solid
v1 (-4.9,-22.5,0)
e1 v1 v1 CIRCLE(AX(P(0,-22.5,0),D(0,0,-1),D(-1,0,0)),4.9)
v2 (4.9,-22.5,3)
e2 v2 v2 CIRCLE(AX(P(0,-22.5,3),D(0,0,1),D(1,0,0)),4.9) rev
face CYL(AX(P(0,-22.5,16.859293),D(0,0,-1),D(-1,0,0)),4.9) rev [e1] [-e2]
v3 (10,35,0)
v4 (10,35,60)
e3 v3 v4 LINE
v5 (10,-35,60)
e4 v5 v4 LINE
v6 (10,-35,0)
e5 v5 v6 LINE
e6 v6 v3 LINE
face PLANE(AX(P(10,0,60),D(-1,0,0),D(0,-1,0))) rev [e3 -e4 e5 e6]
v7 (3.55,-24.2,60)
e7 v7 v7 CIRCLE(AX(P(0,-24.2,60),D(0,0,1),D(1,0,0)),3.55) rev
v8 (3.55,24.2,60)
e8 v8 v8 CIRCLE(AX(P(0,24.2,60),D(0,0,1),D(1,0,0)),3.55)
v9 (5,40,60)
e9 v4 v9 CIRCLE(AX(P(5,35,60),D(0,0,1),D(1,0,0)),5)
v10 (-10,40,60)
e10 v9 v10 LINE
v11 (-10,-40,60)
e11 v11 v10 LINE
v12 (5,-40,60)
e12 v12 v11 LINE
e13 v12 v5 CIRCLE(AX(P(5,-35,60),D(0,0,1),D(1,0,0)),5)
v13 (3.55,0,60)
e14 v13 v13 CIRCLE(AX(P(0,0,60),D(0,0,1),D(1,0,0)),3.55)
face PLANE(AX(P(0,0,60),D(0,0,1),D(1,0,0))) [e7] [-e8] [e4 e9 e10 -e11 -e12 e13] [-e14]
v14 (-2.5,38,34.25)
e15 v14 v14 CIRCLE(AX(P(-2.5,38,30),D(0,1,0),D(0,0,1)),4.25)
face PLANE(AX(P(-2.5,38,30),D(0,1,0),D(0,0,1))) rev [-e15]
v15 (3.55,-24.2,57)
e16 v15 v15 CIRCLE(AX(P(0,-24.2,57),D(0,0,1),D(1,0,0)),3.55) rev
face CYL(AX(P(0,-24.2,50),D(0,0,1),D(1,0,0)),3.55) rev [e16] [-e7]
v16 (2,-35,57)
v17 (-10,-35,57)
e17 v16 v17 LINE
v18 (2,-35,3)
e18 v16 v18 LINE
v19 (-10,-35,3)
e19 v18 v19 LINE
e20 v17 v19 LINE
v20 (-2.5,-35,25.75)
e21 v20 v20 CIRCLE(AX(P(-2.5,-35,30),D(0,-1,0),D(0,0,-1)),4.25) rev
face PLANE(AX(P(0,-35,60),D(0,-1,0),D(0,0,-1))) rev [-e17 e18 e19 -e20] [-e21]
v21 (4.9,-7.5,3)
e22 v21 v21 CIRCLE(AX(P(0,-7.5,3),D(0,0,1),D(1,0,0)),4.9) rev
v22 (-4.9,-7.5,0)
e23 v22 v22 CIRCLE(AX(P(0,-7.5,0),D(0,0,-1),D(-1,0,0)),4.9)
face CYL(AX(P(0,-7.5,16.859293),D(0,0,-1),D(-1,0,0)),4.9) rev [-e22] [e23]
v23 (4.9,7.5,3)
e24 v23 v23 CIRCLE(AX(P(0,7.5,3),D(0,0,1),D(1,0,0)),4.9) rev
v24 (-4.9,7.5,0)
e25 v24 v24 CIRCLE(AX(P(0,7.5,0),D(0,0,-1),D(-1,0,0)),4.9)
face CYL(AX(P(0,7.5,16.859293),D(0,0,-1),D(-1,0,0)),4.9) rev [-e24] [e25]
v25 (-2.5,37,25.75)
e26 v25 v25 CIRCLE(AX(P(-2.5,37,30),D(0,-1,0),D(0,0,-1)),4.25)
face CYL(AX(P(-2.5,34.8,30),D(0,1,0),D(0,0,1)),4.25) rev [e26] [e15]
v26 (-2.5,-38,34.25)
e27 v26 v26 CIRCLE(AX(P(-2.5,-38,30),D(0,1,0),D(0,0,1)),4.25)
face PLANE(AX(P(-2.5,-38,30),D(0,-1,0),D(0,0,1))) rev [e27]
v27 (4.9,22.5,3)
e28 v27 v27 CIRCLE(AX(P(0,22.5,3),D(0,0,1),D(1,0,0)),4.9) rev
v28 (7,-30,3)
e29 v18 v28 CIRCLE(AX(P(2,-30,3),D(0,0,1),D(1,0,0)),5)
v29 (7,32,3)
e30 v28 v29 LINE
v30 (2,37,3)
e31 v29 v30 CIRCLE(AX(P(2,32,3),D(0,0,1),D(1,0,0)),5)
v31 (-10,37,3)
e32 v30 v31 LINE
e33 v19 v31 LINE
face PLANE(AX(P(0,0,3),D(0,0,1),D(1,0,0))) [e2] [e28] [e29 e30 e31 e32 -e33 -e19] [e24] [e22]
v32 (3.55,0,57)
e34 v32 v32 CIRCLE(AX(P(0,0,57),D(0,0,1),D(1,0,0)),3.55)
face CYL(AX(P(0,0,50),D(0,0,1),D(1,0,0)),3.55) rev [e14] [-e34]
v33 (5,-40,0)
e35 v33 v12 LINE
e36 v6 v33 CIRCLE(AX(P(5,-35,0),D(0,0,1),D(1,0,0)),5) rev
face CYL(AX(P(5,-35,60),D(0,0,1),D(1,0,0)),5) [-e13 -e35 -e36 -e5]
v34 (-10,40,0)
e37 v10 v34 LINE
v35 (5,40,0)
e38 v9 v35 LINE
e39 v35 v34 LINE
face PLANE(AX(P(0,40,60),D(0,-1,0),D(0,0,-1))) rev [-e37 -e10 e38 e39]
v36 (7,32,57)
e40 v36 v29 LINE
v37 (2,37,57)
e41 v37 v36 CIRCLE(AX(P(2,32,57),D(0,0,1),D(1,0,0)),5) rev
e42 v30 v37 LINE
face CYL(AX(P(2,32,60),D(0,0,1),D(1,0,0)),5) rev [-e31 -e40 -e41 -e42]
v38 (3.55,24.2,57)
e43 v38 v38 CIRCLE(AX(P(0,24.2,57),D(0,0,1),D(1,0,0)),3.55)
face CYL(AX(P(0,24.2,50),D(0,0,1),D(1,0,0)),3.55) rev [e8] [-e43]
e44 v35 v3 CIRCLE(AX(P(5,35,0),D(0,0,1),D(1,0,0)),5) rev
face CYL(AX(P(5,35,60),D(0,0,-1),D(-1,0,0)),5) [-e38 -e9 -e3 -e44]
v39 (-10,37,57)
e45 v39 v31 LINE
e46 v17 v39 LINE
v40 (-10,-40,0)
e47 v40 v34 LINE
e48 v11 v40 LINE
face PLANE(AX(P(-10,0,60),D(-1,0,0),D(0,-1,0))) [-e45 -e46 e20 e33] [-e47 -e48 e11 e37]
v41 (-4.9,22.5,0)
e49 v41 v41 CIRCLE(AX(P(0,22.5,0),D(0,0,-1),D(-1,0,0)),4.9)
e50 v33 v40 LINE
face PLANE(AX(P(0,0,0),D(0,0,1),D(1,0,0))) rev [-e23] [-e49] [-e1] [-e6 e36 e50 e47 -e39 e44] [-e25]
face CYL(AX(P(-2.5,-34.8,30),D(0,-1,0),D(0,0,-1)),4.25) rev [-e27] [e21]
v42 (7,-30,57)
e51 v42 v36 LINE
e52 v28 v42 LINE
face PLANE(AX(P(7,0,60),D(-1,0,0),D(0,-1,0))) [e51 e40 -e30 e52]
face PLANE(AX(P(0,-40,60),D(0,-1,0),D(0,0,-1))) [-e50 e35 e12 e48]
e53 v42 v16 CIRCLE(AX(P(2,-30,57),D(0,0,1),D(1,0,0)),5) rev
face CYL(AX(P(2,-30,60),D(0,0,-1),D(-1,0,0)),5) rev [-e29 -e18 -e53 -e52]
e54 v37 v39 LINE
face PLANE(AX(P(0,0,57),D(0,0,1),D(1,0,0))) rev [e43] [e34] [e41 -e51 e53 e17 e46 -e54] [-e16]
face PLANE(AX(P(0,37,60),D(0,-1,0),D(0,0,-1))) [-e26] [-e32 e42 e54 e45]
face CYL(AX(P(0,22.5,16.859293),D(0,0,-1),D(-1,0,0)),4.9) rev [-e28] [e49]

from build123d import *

# Parameters (mm, degrees)
SKETCH1_W                                   = 80
SKETCH1_H                                   = 20
BOSS_EXTRUDE1_DEPTH                         = 60
F_2_MM_TOP_BOT_3_MM_SIDE_T                  = -3
F_2_MM_TOP_BOT_3_MM_SIDE_THICKNESS_3_FACE_W = 54
F_2_MM_TOP_BOT_3_MM_SIDE_THICKNESS_3_FACE_H = 17
F_2_MM_TOP_BOT_3_MM_SIDE_THICKNESS_3_DEPTH  = 2
CUT_EXTRUDE1_DEPTH                          = 3
SKETCH4_R                                   = 3.55
CUT_EXTRUDE3_DEPTH                          = 10
F_5_MM_RADIUS_R                             = 5
F_8_5_START                                 = -2
SKETCH7_R                                   = 4.25
F_8_5_MM_HOLD_OFFSET_2_MM_DEPTH             = 3.2


with BuildPart() as part:
    # Sketch1 → Boss-Extrude1 (new body)
    with BuildSketch(Plane(origin=(0, 0, 0), x_dir=(0, 1, 0), z_dir=(0, 0, 1))):
        Rectangle(SKETCH1_W, SKETCH1_H)
    extrude(amount=BOSS_EXTRUDE1_DEPTH)

    # 2 mm top/bot 3 mm side
    f_2_mm_top_bot_3_mm_side_openings = [part.faces().sort_by_distance(p)[0] for p in [
        (-10, 0, 30),
    ]]
    offset(amount=F_2_MM_TOP_BOT_3_MM_SIDE_T, openings=f_2_mm_top_bot_3_mm_side_openings, kind=Kind.INTERSECTION)

    # 2 mm top/bot 3 mm side thickness 3 face (on inner face of the shell) → 2 mm top/bot 3 mm side thickness 3 (add)
    with BuildSketch(Plane(origin=(-1.5, -37, 30), x_dir=(0, 0, -1), z_dir=(0, -1, 0))):
        Rectangle(F_2_MM_TOP_BOT_3_MM_SIDE_THICKNESS_3_FACE_W, F_2_MM_TOP_BOT_3_MM_SIDE_THICKNESS_3_FACE_H)
    extrude(amount=-F_2_MM_TOP_BOT_3_MM_SIDE_THICKNESS_3_DEPTH)

    # Sketch3 → Cut-Extrude1 (cut)
    with BuildSketch(Plane(origin=(0, 0, 0), x_dir=(1, 0, 0), z_dir=(0, 0, -1))):
        with BuildLine():
            ThreePointArc((4.9, 22.5), (3.464823228, 25.964823228), (0, 27.4))
            Line((0, 27.4), (0, 17.6))
            ThreePointArc((0, 17.6), (3.464823228, 19.035176772), (4.9, 22.5))
        make_face()
        with BuildLine():
            Line((0, 17.6), (0, 27.4))
            ThreePointArc((0, 27.4), (-4.9, 22.5), (0, 17.6))
        make_face()
        with BuildLine():
            ThreePointArc((4.9, 7.5), (3.464823228, 10.964823228), (0, 12.4))
            Line((0, 12.4), (0, 2.6))
            ThreePointArc((0, 2.6), (3.464823228, 4.035176772), (4.9, 7.5))
        make_face()
        with BuildLine():
            Line((0, 2.6), (0, 12.4))
            ThreePointArc((0, 12.4), (-4.9, 7.5), (0, 2.6))
        make_face()
        with BuildLine():
            ThreePointArc((4.9, -7.5), (3.464823228, -4.035176772), (0, -2.6))
            Line((0, -2.6), (0, -12.4))
            ThreePointArc((0, -12.4), (3.464823228, -10.964823228), (4.9, -7.5))
        make_face()
        with BuildLine():
            Line((0, -12.4), (0, -2.6))
            ThreePointArc((0, -2.6), (-4.9, -7.5), (0, -12.4))
        make_face()
        with BuildLine():
            ThreePointArc((4.9, -22.5), (3.464823228, -19.035176772), (0, -17.6))
            Line((0, -17.6), (0, -27.4))
            ThreePointArc((0, -27.4), (3.464823228, -25.964823228), (4.9, -22.5))
        make_face()
        with BuildLine():
            Line((0, -27.4), (0, -17.6))
            ThreePointArc((0, -17.6), (-4.9, -22.5), (0, -27.4))
        make_face()
    extrude(amount=-CUT_EXTRUDE1_DEPTH, mode=Mode.SUBTRACT)

    # Sketch4 → Cut-Extrude3 (cut)
    with BuildSketch(Plane.XY.offset(60)):
        with Locations((0, 24.2)):
            Circle(SKETCH4_R)
        Circle(SKETCH4_R)
        with Locations((0, -24.2)):
            Circle(SKETCH4_R)
    extrude(amount=-CUT_EXTRUDE3_DEPTH, mode=Mode.SUBTRACT)

    # 5 mm radius
    f_5_mm_radius_edges = [part.edges().sort_by_distance(p)[0] for p in [
        (7, -35, 30),
        (7, 37, 30),
        (10, -40, 30),
        (10, 40, 30),
    ]]
    fillet(f_5_mm_radius_edges, radius=F_5_MM_RADIUS_R)

    # Sketch7 → 8.5 mm hold offset 2 mm (cut)
    with BuildSketch(Plane(origin=(0, 40, 0), x_dir=(-1, 0, 0), z_dir=(0, 1, 0)).offset(F_8_5_START)):
        with Locations(Location((2.5, 30, 0), (0, 0, 90))):
            Circle(SKETCH7_R)
    f_8_5_mm_hold_offset_2_mm = extrude(amount=-F_8_5_MM_HOLD_OFFSET_2_MM_DEPTH, mode=Mode.SUBTRACT)

    # Mirror1: 8.5 mm hold offset 2 mm across plane
    add(f_8_5_mm_hold_offset_2_mm.mirror(Plane.ZX), mode=Mode.SUBTRACT)


solid = part.part
